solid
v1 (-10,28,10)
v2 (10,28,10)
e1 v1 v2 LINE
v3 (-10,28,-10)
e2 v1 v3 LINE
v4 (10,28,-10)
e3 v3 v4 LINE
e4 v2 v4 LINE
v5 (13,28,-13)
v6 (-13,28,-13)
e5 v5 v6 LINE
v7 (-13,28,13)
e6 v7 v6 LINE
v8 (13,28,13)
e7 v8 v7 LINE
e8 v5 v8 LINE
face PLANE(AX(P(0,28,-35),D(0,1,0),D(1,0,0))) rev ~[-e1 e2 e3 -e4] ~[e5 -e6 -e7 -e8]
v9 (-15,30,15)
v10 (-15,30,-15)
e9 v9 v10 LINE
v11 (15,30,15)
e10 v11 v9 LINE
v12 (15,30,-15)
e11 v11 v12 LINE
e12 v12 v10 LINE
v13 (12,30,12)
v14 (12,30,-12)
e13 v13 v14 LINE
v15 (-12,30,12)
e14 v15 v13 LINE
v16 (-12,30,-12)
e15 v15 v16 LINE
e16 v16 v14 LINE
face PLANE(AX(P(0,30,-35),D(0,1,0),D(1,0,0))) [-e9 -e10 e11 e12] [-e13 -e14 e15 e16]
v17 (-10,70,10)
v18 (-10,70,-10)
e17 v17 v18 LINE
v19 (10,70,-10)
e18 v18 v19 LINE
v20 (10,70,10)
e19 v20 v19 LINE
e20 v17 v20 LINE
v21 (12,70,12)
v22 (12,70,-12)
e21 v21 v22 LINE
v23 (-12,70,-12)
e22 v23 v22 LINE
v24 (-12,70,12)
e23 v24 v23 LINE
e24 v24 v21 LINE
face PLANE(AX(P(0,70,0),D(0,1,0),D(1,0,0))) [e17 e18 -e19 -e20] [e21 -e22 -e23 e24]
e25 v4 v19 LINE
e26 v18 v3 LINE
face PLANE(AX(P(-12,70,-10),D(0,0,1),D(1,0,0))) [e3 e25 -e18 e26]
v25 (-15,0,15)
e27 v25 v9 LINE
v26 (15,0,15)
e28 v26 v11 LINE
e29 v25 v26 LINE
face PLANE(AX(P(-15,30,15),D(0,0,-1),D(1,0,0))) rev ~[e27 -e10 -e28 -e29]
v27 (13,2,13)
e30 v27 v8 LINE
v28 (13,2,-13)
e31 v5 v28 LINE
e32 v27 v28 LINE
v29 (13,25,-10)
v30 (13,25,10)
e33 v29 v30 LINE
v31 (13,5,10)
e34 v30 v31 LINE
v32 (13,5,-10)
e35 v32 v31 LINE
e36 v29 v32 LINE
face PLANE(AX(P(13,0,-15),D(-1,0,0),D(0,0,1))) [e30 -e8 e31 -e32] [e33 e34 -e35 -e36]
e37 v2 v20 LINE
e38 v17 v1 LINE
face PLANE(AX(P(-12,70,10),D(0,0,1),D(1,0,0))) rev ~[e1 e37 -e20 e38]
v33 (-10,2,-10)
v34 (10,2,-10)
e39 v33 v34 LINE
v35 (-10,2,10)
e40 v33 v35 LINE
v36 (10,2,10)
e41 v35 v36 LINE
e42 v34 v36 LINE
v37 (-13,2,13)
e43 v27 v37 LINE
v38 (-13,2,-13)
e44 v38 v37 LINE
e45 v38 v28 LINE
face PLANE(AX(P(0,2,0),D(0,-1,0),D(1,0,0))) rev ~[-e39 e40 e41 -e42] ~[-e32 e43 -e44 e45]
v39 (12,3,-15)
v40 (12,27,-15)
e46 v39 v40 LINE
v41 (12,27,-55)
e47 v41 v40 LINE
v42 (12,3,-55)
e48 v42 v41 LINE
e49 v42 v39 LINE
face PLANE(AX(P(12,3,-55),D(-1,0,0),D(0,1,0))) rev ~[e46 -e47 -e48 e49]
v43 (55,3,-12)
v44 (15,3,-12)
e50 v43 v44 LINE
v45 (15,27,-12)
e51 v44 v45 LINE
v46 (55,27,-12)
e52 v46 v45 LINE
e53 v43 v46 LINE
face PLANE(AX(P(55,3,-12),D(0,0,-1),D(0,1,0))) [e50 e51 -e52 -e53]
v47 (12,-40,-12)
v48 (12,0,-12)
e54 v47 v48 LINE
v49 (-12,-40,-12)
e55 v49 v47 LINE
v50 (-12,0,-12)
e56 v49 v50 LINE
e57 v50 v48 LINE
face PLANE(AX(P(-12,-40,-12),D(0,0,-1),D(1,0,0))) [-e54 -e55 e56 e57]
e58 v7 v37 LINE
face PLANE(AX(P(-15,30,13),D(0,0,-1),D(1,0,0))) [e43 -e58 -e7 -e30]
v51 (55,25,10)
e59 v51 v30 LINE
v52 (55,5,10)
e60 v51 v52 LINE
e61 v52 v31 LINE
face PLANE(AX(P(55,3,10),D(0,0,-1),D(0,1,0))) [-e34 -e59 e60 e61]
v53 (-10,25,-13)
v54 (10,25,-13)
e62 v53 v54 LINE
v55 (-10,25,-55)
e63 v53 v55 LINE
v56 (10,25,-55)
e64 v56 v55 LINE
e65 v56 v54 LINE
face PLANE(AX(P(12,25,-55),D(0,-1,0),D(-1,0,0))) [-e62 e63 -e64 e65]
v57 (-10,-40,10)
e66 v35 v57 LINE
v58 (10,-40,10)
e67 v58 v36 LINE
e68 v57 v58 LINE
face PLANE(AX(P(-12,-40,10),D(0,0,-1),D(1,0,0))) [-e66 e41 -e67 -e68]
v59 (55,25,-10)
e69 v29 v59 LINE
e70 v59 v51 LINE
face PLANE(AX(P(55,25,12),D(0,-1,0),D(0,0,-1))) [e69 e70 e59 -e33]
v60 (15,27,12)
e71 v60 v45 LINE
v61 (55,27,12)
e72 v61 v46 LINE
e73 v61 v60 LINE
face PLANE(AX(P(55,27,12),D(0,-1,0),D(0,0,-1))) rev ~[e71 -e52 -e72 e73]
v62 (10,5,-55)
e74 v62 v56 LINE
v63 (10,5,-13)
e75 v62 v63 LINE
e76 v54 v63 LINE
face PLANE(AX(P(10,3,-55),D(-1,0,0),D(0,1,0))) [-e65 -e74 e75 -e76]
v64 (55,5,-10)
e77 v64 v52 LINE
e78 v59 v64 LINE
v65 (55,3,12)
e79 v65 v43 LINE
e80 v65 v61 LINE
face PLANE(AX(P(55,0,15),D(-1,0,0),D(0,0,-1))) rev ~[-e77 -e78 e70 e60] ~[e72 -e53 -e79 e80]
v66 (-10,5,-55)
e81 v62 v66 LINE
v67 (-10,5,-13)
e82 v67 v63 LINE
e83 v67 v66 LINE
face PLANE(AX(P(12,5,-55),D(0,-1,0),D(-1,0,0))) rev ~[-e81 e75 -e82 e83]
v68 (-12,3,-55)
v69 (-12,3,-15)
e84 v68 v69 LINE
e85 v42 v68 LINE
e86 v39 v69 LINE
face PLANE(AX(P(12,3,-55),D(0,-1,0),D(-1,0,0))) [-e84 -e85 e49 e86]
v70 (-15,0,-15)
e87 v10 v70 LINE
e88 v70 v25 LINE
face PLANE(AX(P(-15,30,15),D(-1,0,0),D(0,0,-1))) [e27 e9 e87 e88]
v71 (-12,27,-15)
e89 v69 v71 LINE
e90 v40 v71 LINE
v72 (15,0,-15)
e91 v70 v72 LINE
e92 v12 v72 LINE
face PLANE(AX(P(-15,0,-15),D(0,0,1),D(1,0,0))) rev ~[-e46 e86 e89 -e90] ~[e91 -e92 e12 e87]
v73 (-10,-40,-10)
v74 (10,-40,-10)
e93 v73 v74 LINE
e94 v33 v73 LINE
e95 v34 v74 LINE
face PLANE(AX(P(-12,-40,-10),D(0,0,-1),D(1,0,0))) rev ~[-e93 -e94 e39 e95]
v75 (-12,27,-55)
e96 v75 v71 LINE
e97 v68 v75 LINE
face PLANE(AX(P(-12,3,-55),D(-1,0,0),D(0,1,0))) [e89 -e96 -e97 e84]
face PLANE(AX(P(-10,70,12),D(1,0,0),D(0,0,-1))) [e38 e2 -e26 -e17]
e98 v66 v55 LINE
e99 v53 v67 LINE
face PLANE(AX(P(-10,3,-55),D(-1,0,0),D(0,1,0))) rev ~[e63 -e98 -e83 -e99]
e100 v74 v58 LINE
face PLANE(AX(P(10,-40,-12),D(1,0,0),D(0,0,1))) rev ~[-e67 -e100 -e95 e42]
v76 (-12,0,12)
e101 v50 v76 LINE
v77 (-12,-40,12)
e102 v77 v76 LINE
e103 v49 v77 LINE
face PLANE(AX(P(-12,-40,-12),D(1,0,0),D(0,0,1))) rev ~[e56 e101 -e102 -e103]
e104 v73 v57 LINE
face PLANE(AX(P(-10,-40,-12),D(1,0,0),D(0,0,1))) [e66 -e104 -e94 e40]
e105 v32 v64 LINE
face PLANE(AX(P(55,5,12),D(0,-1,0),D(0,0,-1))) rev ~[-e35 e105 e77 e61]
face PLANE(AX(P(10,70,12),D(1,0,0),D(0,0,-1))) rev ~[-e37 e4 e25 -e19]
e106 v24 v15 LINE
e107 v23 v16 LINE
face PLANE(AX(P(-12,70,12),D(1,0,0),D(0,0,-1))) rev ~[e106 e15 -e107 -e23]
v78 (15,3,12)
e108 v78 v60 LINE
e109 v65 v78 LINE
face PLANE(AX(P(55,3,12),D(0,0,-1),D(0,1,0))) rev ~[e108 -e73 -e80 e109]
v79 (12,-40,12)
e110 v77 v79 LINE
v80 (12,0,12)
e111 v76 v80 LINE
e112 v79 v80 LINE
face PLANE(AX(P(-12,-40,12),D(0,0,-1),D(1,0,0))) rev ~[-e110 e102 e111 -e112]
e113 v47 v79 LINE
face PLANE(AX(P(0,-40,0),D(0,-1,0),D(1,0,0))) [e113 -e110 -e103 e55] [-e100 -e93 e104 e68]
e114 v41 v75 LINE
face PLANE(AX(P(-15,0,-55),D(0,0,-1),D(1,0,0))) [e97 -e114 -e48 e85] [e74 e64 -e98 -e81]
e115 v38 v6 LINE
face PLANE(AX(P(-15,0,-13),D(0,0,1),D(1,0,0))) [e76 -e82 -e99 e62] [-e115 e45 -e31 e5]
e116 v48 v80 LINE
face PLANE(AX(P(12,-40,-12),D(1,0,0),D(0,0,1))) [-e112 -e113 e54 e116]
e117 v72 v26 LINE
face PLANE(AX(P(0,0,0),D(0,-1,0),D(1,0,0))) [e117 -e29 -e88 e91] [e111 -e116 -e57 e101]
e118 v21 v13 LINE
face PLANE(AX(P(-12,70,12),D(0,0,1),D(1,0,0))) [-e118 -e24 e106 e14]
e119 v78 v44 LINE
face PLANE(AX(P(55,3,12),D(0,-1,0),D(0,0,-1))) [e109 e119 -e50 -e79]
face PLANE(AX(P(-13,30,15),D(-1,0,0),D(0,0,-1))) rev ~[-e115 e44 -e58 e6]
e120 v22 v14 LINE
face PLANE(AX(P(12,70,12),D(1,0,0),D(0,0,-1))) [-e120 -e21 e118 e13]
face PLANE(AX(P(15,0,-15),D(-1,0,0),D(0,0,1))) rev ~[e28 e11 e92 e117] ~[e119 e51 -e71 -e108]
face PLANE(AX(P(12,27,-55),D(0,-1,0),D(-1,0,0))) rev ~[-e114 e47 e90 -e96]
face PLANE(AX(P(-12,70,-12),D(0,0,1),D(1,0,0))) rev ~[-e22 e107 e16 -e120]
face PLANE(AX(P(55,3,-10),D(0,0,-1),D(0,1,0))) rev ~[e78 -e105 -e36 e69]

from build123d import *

# Parameters (mm, degrees)
CROQUIS1_W     = 30
CROQUIS1_H     = 40
CROQUIS1_H_2   = 30
CROQUIS1_W_2   = 40
EXTRUIR1_DEPTH = 30
CROQUIS5_W     = 30
CROQUIS5_H     = 30
EXTRUIR4_DEPTH = 40
CROQUIS8_W     = 30
CROQUIS8_H     = 30
EXTRUIR6_DEPTH = 40
CROQUIS9_W     = 30
CROQUIS9_H     = 30
CROQUIS9_W_2   = 24
CROQUIS9_H_2   = 24
EXTRUIR7_DEPTH = 40
CROQUIS2_W     = 30
CROQUIS2_H     = 30
CROQUIS2_W_2   = 24
CROQUIS2_H_2   = 24
EXTRUIR2_DEPTH = 40
CROQUIS3_W     = 30
CROQUIS3_H     = 30
CROQUIS3_W_2   = 24
CROQUIS3_H_2   = 24
EXTRUIR3_DEPTH = 40
CROQUIS7_W     = 30
CROQUIS7_H     = 30
CROQUIS7_W_2   = 24
CROQUIS7_H_2   = 24
EXTRUIR5_DEPTH = 40
VACIADO1_T     = -2


with BuildPart() as part:
    # Croquis1 → Extruir1 (new body)
    with BuildSketch(Plane(origin=(0, 0, 0), x_dir=(1, 0, 0), z_dir=(0, 1, 0))):
        with Locations((0, 35)):
            Rectangle(CROQUIS1_W, CROQUIS1_H)
        Rectangle(CROQUIS1_W, CROQUIS1_H_2)
        with Locations((35, 0)):
            Rectangle(CROQUIS1_W_2, CROQUIS1_H_2)
    extrude(amount=EXTRUIR1_DEPTH)

    # Croquis5 → Extruir4 (add)
    with BuildSketch(Plane.XZ):
        Rectangle(CROQUIS5_W, CROQUIS5_H)
    extrude(amount=EXTRUIR4_DEPTH)

    # Croquis8 → Extruir6 (add)
    with BuildSketch(Plane(origin=(0, 30, 0), x_dir=(1, 0, 0), z_dir=(0, 1, 0))):
        Rectangle(CROQUIS8_W, CROQUIS8_H)
    extrude(amount=EXTRUIR6_DEPTH)

    # Croquis9 → Extruir7 (cut)
    with BuildSketch(Plane(origin=(0, 70, 0), x_dir=(1, 0, 0), z_dir=(0, 1, 0))):
        Rectangle(CROQUIS9_W, CROQUIS9_H)
        Rectangle(CROQUIS9_W_2, CROQUIS9_H_2, mode=Mode.SUBTRACT)
    extrude(amount=-EXTRUIR7_DEPTH, mode=Mode.SUBTRACT)

    # Croquis2 → Extruir2 (cut)
    with BuildSketch(Plane(origin=(55, 0, 0), x_dir=(0, 0, -1), z_dir=(1, 0, 0))):
        with Locations((0, 15)):
            Rectangle(CROQUIS2_W, CROQUIS2_H)
        with Locations((0, 15)):
            Rectangle(CROQUIS2_W_2, CROQUIS2_H_2, mode=Mode.SUBTRACT)
    extrude(amount=-EXTRUIR2_DEPTH, mode=Mode.SUBTRACT)

    # Croquis3 → Extruir3 (cut)
    with BuildSketch(Plane(origin=(0, 0, -55), x_dir=(-1, 0, 0), z_dir=(0, 0, -1))):
        with Locations((0, 15)):
            Rectangle(CROQUIS3_W, CROQUIS3_H)
        with Locations((0, 15)):
            Rectangle(CROQUIS3_W_2, CROQUIS3_H_2, mode=Mode.SUBTRACT)
    extrude(amount=-EXTRUIR3_DEPTH, mode=Mode.SUBTRACT)

    # Croquis7 → Extruir5 (cut)
    with BuildSketch(Plane.XZ.offset(40)):
        Rectangle(CROQUIS7_W, CROQUIS7_H)
        Rectangle(CROQUIS7_W_2, CROQUIS7_H_2, mode=Mode.SUBTRACT)
    extrude(amount=-EXTRUIR5_DEPTH, mode=Mode.SUBTRACT)

    # Vaciado1
    vaciado1_openings = [part.faces().sort_by_distance(p)[0] for p in [
        (0, 15, -55),
        (0, -40, 0),
        (0, 70, 0),
        (55, 15, 0),
    ]]
    offset(amount=VACIADO1_T, openings=vaciado1_openings, kind=Kind.INTERSECTION)


solid = part.part
